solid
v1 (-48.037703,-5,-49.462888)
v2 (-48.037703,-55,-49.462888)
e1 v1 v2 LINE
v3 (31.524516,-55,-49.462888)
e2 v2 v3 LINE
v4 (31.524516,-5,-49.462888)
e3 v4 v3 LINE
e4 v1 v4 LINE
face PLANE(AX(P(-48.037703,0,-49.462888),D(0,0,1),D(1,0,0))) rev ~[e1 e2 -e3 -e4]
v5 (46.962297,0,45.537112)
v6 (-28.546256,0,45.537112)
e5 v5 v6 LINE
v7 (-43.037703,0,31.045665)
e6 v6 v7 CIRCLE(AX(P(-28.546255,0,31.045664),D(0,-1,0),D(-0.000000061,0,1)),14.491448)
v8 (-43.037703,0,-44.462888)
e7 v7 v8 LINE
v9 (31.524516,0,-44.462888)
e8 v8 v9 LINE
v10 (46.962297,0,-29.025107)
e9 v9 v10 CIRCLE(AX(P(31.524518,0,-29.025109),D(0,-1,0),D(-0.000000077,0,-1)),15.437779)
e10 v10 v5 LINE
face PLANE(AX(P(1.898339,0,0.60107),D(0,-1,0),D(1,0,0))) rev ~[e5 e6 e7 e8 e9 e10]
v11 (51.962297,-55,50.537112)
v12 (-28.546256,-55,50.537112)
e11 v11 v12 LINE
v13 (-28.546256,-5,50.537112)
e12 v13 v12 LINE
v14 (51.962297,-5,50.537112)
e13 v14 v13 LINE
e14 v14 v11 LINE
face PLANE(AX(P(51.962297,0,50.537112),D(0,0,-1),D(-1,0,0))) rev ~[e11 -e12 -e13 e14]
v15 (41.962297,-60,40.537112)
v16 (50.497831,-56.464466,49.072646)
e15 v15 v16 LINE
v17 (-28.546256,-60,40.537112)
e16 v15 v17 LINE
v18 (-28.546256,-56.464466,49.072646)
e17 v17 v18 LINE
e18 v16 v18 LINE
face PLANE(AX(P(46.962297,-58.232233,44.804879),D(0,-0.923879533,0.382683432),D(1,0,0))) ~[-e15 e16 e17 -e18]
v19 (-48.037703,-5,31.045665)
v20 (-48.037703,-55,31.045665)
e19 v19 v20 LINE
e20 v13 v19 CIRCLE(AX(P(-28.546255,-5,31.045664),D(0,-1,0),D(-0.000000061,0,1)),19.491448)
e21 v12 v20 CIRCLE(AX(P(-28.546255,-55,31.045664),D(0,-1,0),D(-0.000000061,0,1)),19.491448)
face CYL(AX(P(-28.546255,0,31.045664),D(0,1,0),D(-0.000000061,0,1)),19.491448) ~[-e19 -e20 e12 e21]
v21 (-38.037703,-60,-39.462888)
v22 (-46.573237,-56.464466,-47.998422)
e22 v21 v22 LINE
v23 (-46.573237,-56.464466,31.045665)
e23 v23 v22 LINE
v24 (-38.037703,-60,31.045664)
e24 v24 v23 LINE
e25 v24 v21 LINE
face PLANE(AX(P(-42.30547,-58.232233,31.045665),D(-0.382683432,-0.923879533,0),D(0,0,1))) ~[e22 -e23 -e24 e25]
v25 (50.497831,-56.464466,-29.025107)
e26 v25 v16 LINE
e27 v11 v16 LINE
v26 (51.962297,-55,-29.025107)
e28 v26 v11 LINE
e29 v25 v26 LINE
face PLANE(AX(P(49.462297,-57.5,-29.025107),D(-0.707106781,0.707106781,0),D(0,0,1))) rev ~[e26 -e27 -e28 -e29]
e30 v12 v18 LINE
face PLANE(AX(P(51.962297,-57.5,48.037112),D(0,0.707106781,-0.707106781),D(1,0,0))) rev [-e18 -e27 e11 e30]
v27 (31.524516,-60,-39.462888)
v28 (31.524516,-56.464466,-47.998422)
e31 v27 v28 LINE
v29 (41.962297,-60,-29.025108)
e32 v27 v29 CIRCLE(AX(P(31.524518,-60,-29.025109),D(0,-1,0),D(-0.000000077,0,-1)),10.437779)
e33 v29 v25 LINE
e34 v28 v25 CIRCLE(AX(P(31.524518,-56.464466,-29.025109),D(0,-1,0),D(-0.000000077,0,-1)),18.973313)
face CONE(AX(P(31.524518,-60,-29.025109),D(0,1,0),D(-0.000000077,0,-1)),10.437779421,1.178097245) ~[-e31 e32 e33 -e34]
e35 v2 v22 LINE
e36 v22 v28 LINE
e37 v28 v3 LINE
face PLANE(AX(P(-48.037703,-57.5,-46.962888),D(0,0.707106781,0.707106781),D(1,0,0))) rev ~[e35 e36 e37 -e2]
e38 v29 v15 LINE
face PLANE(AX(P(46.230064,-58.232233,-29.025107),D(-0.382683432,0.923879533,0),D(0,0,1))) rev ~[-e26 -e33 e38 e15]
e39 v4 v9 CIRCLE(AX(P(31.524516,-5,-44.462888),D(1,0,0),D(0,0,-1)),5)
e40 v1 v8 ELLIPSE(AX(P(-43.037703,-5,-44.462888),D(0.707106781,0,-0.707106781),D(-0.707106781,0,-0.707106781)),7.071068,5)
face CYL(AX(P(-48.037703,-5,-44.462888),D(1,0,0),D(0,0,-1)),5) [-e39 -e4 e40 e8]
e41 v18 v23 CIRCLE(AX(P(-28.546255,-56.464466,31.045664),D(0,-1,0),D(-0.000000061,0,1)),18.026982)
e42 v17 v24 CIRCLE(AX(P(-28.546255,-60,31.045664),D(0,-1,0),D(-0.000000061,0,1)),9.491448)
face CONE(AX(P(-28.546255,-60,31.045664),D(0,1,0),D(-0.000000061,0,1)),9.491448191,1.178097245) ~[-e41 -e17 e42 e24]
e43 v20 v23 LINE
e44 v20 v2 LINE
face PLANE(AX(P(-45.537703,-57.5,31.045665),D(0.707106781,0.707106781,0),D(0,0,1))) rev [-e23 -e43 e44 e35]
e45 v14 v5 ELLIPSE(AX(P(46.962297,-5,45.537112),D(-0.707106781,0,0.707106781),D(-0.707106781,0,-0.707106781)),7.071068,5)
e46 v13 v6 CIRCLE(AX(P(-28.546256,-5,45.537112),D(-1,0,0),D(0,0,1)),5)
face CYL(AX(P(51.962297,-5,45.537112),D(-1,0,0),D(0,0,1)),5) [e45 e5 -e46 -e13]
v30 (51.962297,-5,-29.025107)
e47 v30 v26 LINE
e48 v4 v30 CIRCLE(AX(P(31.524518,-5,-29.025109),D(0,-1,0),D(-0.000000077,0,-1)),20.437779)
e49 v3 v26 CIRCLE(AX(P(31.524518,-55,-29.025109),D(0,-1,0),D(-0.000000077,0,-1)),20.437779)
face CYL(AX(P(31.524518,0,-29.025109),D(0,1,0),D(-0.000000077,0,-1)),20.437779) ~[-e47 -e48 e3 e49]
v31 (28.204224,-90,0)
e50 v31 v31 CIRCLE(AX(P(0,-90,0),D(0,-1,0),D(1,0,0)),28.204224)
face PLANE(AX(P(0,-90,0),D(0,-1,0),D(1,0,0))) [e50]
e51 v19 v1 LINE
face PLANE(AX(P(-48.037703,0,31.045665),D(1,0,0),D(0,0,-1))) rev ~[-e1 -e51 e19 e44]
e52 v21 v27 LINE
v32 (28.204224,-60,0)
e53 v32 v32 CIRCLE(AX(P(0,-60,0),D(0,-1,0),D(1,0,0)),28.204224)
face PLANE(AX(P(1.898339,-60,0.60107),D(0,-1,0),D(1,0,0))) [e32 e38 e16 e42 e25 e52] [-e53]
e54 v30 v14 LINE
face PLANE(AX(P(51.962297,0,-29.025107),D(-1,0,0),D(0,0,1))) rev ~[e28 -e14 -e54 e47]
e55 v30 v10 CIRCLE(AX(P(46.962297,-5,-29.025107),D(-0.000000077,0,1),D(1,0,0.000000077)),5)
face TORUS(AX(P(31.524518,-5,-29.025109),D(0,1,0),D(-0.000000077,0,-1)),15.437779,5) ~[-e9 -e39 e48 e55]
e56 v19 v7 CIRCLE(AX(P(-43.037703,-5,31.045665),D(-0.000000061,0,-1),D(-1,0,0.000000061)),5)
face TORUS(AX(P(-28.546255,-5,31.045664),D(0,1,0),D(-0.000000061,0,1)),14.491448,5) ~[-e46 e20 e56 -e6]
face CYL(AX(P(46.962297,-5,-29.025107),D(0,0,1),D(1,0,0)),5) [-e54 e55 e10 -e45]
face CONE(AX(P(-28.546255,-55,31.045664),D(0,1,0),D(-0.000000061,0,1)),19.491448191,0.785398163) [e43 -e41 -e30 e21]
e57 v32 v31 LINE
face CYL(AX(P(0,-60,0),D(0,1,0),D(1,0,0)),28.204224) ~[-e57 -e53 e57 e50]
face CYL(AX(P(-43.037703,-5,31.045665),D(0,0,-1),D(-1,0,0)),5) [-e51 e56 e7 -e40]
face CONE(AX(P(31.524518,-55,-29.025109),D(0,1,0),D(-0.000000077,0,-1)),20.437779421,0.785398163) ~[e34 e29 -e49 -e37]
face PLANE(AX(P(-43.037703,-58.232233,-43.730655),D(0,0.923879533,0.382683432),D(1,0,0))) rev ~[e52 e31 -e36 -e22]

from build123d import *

# Parameters (mm, degrees)
F1_DEPTH = 60
F2_R     = 5
F3_SIZE  = 5
F4_SIZE  = 5
F5_R     = 28.204224
F6_DEPTH = 30


with BuildPart() as f1:
    # F0 (on Front) → F1 (new body)
    with BuildSketch(Plane.XZ):
        with BuildLine():
            Line((31.411576, 50.537112), (-28.546256, 50.537112))
            ThreePointArc((-28.546256, 50.537112), (-42.32879, 44.828199), (-48.037703, 31.045665))
            Line((-48.037703, 31.045665), (-48.037703, -49.462888))
            Line((-48.037703, -49.462888), (31.524516, -49.462888))
            ThreePointArc((31.524516, -49.462888), (45.97621, -43.476801), (51.962297, -29.025107))
            Line((51.962297, -29.025107), (51.962297, 29.986391))
            Line((51.962297, 29.986391), (51.962297, 50.537112))
            Line((51.962297, 50.537112), (31.411576, 50.537112))
        make_face()
    extrude(amount=F1_DEPTH)

    # F2
    f2_edges = [f1.edges().sort_by_distance(p)[0] for p in [
        (-42.32879, 0, 44.828199),
        (-48.037703, 0, -9.208612),
        (-8.256593, 0, -49.462888),
        (45.97621, 0, -43.476801),
        (51.962297, 0, 10.756002),
        (11.708021, 0, 50.537112),
    ]]
    fillet(f2_edges, radius=F2_R)

    # F3
    f3_edges = [f1.edges().sort_by_distance(p)[0] for p in [
        (11.708021, -60, 50.537112),
        (-42.32879, -60, 44.828199),
        (-48.037703, -60, -9.208612),
        (-8.256593, -60, -49.462888),
        (45.97621, -60, -43.476801),
        (51.962297, -60, 10.756002),
    ]]
    chamfer(f3_edges, length=F3_SIZE)

    # F4
    f4_edges = [f1.edges().sort_by_distance(p)[0] for p in [
        (-43.037703, -60, -6.708612),
        (-5.756593, -60, -44.462888),
        (-38.793256, -60, 41.292665),
        (42.440676, -60, -39.941267),
        (9.208021, -60, 45.537112),
        (46.962297, -60, 8.256002),
    ]]
    chamfer(f4_edges, length=F4_SIZE)

    # F5 (on face) → F6 (join)
    with BuildSketch(Plane.XZ.offset(60)):
        Circle(F5_R)
    extrude(amount=F6_DEPTH)


solid = f1.part
